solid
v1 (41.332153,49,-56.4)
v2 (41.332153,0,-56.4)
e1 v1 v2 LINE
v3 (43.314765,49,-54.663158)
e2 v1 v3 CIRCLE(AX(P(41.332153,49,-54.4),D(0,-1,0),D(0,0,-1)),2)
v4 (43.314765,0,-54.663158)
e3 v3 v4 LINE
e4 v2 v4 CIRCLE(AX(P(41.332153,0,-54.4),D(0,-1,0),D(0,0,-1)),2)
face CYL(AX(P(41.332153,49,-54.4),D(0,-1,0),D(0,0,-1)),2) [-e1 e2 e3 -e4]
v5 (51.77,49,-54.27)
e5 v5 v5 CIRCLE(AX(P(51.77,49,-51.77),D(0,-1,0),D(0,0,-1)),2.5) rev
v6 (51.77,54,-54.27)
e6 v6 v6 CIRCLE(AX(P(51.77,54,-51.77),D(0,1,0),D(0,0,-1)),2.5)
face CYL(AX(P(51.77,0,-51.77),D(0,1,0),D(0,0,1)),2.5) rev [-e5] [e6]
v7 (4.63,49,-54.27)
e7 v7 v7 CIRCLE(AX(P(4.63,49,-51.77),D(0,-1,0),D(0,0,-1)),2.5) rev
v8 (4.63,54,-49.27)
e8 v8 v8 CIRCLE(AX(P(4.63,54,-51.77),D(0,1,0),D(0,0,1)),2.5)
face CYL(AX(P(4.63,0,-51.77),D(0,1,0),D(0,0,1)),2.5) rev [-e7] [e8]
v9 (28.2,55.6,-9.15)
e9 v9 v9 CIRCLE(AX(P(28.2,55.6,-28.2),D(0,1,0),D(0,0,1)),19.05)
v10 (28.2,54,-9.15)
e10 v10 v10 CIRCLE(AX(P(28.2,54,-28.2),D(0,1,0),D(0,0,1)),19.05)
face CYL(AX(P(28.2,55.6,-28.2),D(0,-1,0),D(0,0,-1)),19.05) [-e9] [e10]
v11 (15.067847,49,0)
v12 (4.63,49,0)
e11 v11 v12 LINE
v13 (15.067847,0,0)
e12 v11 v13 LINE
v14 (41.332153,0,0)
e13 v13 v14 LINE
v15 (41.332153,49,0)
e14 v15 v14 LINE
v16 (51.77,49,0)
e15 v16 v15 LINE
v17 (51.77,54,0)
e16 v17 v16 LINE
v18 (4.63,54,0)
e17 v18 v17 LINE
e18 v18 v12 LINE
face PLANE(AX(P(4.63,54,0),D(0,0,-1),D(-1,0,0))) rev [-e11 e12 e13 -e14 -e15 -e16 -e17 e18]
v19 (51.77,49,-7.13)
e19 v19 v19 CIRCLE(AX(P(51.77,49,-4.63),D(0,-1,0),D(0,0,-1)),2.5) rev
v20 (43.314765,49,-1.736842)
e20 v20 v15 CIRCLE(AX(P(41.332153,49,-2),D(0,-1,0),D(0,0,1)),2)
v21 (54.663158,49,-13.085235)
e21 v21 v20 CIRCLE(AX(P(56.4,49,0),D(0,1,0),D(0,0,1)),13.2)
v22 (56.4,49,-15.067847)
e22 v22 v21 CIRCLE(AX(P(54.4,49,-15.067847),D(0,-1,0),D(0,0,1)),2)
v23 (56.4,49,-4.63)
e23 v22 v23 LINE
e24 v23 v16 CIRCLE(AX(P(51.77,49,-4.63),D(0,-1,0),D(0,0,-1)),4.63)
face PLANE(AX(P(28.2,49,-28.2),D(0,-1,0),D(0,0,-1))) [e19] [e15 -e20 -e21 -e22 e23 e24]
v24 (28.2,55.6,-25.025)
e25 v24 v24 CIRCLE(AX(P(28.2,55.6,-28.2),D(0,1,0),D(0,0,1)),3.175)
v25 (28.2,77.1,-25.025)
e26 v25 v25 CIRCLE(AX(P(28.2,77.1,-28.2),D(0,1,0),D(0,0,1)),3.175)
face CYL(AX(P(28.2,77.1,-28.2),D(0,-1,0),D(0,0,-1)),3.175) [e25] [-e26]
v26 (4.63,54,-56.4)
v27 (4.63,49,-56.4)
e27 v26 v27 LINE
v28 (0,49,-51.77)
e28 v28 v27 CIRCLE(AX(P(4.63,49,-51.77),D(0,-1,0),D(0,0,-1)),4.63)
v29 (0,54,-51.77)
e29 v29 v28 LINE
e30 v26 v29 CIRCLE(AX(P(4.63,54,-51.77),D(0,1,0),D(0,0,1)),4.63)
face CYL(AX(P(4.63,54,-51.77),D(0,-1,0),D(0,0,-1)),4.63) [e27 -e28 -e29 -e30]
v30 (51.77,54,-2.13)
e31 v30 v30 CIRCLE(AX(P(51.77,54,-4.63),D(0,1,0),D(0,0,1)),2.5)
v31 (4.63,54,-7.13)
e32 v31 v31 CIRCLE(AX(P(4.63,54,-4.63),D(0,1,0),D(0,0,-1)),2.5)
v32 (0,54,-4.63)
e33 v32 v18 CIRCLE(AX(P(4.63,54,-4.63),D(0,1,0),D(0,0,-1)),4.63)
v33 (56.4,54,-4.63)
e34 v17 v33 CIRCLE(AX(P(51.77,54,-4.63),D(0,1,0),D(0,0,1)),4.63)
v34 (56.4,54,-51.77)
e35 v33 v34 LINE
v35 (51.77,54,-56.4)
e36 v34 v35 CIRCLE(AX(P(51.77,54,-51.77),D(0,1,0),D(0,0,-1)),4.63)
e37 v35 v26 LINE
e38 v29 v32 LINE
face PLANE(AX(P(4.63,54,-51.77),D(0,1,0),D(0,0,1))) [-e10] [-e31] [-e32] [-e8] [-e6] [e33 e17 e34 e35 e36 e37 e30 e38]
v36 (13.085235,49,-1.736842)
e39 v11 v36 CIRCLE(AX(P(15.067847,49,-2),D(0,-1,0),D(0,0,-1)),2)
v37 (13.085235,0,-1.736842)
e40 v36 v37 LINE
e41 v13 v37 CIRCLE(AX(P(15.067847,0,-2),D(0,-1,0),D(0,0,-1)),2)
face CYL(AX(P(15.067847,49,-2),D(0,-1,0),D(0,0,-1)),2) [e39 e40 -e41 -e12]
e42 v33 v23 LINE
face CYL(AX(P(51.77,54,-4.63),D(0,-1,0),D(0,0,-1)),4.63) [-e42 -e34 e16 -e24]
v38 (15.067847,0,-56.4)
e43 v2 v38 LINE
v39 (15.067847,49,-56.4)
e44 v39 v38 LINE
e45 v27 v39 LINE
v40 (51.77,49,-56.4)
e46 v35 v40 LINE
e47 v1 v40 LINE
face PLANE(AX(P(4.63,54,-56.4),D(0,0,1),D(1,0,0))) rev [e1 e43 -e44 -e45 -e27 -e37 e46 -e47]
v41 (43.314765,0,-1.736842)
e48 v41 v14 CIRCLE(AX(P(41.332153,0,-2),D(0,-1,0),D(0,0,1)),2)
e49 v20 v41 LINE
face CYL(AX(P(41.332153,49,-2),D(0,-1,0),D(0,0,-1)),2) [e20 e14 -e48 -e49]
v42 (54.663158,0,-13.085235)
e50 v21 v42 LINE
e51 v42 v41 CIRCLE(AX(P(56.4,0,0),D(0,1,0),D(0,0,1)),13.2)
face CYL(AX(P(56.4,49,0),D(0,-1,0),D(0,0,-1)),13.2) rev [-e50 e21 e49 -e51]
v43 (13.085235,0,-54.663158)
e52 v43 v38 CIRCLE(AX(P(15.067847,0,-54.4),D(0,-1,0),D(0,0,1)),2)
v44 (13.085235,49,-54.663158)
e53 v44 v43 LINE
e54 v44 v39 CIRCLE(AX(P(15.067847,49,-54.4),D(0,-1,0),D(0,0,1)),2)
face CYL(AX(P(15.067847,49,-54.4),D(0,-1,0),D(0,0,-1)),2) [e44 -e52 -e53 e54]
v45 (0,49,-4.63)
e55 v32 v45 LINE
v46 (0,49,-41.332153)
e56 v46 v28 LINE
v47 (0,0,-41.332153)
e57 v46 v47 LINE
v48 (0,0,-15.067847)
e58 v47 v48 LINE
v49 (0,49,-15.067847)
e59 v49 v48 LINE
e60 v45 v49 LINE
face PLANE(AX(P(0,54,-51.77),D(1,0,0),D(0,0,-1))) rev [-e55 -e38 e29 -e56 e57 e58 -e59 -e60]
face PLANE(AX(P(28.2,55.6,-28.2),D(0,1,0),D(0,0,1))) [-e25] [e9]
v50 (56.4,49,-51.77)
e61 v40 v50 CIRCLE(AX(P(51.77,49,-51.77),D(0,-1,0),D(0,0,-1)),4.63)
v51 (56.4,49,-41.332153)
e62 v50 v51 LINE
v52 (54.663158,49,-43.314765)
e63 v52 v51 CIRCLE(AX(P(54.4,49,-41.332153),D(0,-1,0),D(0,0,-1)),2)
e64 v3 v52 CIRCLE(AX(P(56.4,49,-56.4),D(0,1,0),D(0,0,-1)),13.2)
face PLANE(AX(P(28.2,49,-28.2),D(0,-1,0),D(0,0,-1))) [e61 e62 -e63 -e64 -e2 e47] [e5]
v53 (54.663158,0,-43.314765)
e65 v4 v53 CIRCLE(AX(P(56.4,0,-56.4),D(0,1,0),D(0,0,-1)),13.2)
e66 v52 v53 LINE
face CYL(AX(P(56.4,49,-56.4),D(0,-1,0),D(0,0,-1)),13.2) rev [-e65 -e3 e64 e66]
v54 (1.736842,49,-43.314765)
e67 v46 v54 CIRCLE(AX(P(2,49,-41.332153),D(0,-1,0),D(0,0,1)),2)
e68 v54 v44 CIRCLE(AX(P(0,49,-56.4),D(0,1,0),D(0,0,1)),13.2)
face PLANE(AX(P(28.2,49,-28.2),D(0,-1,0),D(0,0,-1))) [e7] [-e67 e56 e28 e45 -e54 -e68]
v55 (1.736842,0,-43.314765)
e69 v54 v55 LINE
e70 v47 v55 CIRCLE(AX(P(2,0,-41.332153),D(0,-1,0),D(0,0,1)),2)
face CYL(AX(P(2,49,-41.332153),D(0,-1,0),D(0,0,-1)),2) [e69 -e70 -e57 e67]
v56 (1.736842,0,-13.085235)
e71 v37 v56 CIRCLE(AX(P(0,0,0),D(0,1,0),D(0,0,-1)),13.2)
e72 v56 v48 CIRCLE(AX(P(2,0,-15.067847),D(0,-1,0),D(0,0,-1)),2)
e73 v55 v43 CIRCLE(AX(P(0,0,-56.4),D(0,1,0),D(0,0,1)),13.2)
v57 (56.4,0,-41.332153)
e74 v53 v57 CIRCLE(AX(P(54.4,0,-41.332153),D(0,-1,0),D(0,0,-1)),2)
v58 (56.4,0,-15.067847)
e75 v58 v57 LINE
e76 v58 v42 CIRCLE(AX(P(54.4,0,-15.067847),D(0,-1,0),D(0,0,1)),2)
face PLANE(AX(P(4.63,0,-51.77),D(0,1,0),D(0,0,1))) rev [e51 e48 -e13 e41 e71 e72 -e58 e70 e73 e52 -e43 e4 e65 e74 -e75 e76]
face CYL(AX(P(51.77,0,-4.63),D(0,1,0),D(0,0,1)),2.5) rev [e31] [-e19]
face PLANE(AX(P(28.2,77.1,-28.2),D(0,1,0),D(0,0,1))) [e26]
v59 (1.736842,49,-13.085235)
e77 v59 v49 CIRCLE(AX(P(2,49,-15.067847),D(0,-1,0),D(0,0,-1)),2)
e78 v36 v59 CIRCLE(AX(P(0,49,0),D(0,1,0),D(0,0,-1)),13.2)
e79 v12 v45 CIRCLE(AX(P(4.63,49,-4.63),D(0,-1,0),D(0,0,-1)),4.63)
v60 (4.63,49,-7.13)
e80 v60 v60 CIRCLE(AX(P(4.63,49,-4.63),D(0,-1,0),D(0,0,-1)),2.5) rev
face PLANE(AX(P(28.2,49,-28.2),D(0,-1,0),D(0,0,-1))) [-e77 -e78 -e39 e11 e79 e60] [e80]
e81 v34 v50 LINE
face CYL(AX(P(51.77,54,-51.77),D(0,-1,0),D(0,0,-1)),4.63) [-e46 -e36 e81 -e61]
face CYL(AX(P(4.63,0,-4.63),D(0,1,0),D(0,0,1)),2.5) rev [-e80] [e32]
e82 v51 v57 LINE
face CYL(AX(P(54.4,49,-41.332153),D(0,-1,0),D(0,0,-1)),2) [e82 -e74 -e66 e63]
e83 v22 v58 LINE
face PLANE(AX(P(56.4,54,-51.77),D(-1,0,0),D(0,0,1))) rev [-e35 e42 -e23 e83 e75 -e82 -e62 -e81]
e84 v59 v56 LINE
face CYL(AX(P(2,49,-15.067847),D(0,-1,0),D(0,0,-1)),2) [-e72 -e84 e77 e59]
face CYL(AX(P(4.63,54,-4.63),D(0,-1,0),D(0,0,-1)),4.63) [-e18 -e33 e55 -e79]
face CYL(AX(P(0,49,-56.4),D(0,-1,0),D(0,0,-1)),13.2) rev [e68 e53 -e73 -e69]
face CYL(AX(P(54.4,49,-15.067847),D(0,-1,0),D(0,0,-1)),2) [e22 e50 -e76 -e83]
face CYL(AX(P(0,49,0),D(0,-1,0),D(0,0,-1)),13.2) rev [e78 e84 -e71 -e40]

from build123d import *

# Parameters (mm, degrees)
BOSS_EXTRUDE1_DEPTH = 54
SKETCH2_R           = 2.5
CUT_EXTRUDE1_DEPTH  = 54
SKETCH3_OUTSIDE_W   = 77.664
SKETCH3_OUTSIDE_H   = 77.664
CUT_EXTRUDE3_DEPTH  = 49
SKETCH4_R           = 19.05
BOSS_EXTRUDE2_DEPTH = 1.6
SKETCH5_R           = 3.175
BOSS_EXTRUDE3_DEPTH = 21.5


with BuildPart() as part:
    # Sketch1 → Boss-Extrude1 (new body)
    with BuildSketch(Plane(origin=(0, 0, 0), x_dir=(1, 0, 0), z_dir=(0, 1, 0))):
        with BuildLine():
            Line((0, 51.77), (0, 4.63))
            ThreePointArc((0, 4.63), (1.356095603, 1.356095603), (4.63, 0))
            Line((4.63, 0), (51.77, 0))
            ThreePointArc((51.77, 0), (55.043904397, 1.356095603), (56.4, 4.63))
            Line((56.4, 4.63), (56.4, 51.77))
            ThreePointArc((56.4, 51.77), (55.043904397, 55.043904397), (51.77, 56.4))
            Line((51.77, 56.4), (4.63, 56.4))
            ThreePointArc((4.63, 56.4), (1.356095603, 55.043904397), (0, 51.77))
        make_face()
    extrude(amount=BOSS_EXTRUDE1_DEPTH)

    # Sketch2 → Cut-Extrude1 (cut)
    with BuildSketch(Plane(origin=(0, 54, 0), x_dir=(1, 0, 0), z_dir=(0, 1, 0))):
        with Locations((4.63, 51.77)):
            Circle(SKETCH2_R)
        with Locations((51.77, 51.77)):
            Circle(SKETCH2_R)
        with Locations((51.77, 4.63)):
            Circle(SKETCH2_R)
        with Locations((4.63, 4.63)):
            Circle(SKETCH2_R)
    extrude(amount=-CUT_EXTRUDE1_DEPTH, mode=Mode.SUBTRACT)

    # Sketch3 outside → Cut-Extrude3 (cut)
    with BuildSketch(Plane.XZ):
        with Locations((28.2, -28.2)):
            Rectangle(SKETCH3_OUTSIDE_W, SKETCH3_OUTSIDE_H)
        with BuildLine():
            Line((15.067846561, -56.4), (41.332153439, -56.4))
            ThreePointArc((41.332153439, -56.4), (42.650046494, -55.904379571), (43.314764828, -54.663157895))
            ThreePointArc((43.314764828, -54.663157895), (47.066190488, -47.066190488), (54.663157895, -43.314764828))
            ThreePointArc((54.663157895, -43.314764828), (55.904379571, -42.650046494), (56.4, -41.332153439))
            Line((56.4, -41.332153439), (56.4, -15.067846561))
            ThreePointArc((56.4, -15.067846561), (55.904379571, -13.749953506), (54.663157895, -13.085235172))
            ThreePointArc((54.663157895, -13.085235172), (47.066190488, -9.333809512), (43.314764828, -1.736842105))
            ThreePointArc((43.314764828, -1.736842105), (42.650046494, -0.495620429), (41.332153439, 0))
            Line((41.332153439, 0), (15.067846561, 0))
            ThreePointArc((15.067846561, 0), (13.749953506, -0.495620429), (13.085235172, -1.736842105))
            ThreePointArc((13.085235172, -1.736842105), (9.333809512, -9.333809512), (1.736842105, -13.085235172))
            ThreePointArc((1.736842105, -13.085235172), (0.495620429, -13.749953506), (0, -15.067846561))
            Line((0, -15.067846561), (0, -41.332153439))
            ThreePointArc((0, -41.332153439), (0.495620429, -42.650046494), (1.736842105, -43.314764828))
            ThreePointArc((1.736842105, -43.314764828), (9.333809512, -47.066190488), (13.085235172, -54.663157895))
            ThreePointArc((13.085235172, -54.663157895), (13.749953506, -55.904379571), (15.067846561, -56.4))
        make_face(mode=Mode.SUBTRACT)
    extrude(amount=-CUT_EXTRUDE3_DEPTH, mode=Mode.SUBTRACT)

    # Sketch4 → Boss-Extrude2 (add)
    with BuildSketch(Plane(origin=(0, 54, 0), x_dir=(1, 0, 0), z_dir=(0, 1, 0))):
        with Locations((28.2, 28.2)):
            Circle(SKETCH4_R)
    extrude(amount=BOSS_EXTRUDE2_DEPTH)

    # Sketch5 → Boss-Extrude3 (add)
    with BuildSketch(Plane(origin=(0, 55.6, 0), x_dir=(1, 0, 0), z_dir=(0, 1, 0))):
        with Locations((28.2, 28.2)):
            Circle(SKETCH5_R)
    extrude(amount=BOSS_EXTRUDE3_DEPTH)


solid = part.part
